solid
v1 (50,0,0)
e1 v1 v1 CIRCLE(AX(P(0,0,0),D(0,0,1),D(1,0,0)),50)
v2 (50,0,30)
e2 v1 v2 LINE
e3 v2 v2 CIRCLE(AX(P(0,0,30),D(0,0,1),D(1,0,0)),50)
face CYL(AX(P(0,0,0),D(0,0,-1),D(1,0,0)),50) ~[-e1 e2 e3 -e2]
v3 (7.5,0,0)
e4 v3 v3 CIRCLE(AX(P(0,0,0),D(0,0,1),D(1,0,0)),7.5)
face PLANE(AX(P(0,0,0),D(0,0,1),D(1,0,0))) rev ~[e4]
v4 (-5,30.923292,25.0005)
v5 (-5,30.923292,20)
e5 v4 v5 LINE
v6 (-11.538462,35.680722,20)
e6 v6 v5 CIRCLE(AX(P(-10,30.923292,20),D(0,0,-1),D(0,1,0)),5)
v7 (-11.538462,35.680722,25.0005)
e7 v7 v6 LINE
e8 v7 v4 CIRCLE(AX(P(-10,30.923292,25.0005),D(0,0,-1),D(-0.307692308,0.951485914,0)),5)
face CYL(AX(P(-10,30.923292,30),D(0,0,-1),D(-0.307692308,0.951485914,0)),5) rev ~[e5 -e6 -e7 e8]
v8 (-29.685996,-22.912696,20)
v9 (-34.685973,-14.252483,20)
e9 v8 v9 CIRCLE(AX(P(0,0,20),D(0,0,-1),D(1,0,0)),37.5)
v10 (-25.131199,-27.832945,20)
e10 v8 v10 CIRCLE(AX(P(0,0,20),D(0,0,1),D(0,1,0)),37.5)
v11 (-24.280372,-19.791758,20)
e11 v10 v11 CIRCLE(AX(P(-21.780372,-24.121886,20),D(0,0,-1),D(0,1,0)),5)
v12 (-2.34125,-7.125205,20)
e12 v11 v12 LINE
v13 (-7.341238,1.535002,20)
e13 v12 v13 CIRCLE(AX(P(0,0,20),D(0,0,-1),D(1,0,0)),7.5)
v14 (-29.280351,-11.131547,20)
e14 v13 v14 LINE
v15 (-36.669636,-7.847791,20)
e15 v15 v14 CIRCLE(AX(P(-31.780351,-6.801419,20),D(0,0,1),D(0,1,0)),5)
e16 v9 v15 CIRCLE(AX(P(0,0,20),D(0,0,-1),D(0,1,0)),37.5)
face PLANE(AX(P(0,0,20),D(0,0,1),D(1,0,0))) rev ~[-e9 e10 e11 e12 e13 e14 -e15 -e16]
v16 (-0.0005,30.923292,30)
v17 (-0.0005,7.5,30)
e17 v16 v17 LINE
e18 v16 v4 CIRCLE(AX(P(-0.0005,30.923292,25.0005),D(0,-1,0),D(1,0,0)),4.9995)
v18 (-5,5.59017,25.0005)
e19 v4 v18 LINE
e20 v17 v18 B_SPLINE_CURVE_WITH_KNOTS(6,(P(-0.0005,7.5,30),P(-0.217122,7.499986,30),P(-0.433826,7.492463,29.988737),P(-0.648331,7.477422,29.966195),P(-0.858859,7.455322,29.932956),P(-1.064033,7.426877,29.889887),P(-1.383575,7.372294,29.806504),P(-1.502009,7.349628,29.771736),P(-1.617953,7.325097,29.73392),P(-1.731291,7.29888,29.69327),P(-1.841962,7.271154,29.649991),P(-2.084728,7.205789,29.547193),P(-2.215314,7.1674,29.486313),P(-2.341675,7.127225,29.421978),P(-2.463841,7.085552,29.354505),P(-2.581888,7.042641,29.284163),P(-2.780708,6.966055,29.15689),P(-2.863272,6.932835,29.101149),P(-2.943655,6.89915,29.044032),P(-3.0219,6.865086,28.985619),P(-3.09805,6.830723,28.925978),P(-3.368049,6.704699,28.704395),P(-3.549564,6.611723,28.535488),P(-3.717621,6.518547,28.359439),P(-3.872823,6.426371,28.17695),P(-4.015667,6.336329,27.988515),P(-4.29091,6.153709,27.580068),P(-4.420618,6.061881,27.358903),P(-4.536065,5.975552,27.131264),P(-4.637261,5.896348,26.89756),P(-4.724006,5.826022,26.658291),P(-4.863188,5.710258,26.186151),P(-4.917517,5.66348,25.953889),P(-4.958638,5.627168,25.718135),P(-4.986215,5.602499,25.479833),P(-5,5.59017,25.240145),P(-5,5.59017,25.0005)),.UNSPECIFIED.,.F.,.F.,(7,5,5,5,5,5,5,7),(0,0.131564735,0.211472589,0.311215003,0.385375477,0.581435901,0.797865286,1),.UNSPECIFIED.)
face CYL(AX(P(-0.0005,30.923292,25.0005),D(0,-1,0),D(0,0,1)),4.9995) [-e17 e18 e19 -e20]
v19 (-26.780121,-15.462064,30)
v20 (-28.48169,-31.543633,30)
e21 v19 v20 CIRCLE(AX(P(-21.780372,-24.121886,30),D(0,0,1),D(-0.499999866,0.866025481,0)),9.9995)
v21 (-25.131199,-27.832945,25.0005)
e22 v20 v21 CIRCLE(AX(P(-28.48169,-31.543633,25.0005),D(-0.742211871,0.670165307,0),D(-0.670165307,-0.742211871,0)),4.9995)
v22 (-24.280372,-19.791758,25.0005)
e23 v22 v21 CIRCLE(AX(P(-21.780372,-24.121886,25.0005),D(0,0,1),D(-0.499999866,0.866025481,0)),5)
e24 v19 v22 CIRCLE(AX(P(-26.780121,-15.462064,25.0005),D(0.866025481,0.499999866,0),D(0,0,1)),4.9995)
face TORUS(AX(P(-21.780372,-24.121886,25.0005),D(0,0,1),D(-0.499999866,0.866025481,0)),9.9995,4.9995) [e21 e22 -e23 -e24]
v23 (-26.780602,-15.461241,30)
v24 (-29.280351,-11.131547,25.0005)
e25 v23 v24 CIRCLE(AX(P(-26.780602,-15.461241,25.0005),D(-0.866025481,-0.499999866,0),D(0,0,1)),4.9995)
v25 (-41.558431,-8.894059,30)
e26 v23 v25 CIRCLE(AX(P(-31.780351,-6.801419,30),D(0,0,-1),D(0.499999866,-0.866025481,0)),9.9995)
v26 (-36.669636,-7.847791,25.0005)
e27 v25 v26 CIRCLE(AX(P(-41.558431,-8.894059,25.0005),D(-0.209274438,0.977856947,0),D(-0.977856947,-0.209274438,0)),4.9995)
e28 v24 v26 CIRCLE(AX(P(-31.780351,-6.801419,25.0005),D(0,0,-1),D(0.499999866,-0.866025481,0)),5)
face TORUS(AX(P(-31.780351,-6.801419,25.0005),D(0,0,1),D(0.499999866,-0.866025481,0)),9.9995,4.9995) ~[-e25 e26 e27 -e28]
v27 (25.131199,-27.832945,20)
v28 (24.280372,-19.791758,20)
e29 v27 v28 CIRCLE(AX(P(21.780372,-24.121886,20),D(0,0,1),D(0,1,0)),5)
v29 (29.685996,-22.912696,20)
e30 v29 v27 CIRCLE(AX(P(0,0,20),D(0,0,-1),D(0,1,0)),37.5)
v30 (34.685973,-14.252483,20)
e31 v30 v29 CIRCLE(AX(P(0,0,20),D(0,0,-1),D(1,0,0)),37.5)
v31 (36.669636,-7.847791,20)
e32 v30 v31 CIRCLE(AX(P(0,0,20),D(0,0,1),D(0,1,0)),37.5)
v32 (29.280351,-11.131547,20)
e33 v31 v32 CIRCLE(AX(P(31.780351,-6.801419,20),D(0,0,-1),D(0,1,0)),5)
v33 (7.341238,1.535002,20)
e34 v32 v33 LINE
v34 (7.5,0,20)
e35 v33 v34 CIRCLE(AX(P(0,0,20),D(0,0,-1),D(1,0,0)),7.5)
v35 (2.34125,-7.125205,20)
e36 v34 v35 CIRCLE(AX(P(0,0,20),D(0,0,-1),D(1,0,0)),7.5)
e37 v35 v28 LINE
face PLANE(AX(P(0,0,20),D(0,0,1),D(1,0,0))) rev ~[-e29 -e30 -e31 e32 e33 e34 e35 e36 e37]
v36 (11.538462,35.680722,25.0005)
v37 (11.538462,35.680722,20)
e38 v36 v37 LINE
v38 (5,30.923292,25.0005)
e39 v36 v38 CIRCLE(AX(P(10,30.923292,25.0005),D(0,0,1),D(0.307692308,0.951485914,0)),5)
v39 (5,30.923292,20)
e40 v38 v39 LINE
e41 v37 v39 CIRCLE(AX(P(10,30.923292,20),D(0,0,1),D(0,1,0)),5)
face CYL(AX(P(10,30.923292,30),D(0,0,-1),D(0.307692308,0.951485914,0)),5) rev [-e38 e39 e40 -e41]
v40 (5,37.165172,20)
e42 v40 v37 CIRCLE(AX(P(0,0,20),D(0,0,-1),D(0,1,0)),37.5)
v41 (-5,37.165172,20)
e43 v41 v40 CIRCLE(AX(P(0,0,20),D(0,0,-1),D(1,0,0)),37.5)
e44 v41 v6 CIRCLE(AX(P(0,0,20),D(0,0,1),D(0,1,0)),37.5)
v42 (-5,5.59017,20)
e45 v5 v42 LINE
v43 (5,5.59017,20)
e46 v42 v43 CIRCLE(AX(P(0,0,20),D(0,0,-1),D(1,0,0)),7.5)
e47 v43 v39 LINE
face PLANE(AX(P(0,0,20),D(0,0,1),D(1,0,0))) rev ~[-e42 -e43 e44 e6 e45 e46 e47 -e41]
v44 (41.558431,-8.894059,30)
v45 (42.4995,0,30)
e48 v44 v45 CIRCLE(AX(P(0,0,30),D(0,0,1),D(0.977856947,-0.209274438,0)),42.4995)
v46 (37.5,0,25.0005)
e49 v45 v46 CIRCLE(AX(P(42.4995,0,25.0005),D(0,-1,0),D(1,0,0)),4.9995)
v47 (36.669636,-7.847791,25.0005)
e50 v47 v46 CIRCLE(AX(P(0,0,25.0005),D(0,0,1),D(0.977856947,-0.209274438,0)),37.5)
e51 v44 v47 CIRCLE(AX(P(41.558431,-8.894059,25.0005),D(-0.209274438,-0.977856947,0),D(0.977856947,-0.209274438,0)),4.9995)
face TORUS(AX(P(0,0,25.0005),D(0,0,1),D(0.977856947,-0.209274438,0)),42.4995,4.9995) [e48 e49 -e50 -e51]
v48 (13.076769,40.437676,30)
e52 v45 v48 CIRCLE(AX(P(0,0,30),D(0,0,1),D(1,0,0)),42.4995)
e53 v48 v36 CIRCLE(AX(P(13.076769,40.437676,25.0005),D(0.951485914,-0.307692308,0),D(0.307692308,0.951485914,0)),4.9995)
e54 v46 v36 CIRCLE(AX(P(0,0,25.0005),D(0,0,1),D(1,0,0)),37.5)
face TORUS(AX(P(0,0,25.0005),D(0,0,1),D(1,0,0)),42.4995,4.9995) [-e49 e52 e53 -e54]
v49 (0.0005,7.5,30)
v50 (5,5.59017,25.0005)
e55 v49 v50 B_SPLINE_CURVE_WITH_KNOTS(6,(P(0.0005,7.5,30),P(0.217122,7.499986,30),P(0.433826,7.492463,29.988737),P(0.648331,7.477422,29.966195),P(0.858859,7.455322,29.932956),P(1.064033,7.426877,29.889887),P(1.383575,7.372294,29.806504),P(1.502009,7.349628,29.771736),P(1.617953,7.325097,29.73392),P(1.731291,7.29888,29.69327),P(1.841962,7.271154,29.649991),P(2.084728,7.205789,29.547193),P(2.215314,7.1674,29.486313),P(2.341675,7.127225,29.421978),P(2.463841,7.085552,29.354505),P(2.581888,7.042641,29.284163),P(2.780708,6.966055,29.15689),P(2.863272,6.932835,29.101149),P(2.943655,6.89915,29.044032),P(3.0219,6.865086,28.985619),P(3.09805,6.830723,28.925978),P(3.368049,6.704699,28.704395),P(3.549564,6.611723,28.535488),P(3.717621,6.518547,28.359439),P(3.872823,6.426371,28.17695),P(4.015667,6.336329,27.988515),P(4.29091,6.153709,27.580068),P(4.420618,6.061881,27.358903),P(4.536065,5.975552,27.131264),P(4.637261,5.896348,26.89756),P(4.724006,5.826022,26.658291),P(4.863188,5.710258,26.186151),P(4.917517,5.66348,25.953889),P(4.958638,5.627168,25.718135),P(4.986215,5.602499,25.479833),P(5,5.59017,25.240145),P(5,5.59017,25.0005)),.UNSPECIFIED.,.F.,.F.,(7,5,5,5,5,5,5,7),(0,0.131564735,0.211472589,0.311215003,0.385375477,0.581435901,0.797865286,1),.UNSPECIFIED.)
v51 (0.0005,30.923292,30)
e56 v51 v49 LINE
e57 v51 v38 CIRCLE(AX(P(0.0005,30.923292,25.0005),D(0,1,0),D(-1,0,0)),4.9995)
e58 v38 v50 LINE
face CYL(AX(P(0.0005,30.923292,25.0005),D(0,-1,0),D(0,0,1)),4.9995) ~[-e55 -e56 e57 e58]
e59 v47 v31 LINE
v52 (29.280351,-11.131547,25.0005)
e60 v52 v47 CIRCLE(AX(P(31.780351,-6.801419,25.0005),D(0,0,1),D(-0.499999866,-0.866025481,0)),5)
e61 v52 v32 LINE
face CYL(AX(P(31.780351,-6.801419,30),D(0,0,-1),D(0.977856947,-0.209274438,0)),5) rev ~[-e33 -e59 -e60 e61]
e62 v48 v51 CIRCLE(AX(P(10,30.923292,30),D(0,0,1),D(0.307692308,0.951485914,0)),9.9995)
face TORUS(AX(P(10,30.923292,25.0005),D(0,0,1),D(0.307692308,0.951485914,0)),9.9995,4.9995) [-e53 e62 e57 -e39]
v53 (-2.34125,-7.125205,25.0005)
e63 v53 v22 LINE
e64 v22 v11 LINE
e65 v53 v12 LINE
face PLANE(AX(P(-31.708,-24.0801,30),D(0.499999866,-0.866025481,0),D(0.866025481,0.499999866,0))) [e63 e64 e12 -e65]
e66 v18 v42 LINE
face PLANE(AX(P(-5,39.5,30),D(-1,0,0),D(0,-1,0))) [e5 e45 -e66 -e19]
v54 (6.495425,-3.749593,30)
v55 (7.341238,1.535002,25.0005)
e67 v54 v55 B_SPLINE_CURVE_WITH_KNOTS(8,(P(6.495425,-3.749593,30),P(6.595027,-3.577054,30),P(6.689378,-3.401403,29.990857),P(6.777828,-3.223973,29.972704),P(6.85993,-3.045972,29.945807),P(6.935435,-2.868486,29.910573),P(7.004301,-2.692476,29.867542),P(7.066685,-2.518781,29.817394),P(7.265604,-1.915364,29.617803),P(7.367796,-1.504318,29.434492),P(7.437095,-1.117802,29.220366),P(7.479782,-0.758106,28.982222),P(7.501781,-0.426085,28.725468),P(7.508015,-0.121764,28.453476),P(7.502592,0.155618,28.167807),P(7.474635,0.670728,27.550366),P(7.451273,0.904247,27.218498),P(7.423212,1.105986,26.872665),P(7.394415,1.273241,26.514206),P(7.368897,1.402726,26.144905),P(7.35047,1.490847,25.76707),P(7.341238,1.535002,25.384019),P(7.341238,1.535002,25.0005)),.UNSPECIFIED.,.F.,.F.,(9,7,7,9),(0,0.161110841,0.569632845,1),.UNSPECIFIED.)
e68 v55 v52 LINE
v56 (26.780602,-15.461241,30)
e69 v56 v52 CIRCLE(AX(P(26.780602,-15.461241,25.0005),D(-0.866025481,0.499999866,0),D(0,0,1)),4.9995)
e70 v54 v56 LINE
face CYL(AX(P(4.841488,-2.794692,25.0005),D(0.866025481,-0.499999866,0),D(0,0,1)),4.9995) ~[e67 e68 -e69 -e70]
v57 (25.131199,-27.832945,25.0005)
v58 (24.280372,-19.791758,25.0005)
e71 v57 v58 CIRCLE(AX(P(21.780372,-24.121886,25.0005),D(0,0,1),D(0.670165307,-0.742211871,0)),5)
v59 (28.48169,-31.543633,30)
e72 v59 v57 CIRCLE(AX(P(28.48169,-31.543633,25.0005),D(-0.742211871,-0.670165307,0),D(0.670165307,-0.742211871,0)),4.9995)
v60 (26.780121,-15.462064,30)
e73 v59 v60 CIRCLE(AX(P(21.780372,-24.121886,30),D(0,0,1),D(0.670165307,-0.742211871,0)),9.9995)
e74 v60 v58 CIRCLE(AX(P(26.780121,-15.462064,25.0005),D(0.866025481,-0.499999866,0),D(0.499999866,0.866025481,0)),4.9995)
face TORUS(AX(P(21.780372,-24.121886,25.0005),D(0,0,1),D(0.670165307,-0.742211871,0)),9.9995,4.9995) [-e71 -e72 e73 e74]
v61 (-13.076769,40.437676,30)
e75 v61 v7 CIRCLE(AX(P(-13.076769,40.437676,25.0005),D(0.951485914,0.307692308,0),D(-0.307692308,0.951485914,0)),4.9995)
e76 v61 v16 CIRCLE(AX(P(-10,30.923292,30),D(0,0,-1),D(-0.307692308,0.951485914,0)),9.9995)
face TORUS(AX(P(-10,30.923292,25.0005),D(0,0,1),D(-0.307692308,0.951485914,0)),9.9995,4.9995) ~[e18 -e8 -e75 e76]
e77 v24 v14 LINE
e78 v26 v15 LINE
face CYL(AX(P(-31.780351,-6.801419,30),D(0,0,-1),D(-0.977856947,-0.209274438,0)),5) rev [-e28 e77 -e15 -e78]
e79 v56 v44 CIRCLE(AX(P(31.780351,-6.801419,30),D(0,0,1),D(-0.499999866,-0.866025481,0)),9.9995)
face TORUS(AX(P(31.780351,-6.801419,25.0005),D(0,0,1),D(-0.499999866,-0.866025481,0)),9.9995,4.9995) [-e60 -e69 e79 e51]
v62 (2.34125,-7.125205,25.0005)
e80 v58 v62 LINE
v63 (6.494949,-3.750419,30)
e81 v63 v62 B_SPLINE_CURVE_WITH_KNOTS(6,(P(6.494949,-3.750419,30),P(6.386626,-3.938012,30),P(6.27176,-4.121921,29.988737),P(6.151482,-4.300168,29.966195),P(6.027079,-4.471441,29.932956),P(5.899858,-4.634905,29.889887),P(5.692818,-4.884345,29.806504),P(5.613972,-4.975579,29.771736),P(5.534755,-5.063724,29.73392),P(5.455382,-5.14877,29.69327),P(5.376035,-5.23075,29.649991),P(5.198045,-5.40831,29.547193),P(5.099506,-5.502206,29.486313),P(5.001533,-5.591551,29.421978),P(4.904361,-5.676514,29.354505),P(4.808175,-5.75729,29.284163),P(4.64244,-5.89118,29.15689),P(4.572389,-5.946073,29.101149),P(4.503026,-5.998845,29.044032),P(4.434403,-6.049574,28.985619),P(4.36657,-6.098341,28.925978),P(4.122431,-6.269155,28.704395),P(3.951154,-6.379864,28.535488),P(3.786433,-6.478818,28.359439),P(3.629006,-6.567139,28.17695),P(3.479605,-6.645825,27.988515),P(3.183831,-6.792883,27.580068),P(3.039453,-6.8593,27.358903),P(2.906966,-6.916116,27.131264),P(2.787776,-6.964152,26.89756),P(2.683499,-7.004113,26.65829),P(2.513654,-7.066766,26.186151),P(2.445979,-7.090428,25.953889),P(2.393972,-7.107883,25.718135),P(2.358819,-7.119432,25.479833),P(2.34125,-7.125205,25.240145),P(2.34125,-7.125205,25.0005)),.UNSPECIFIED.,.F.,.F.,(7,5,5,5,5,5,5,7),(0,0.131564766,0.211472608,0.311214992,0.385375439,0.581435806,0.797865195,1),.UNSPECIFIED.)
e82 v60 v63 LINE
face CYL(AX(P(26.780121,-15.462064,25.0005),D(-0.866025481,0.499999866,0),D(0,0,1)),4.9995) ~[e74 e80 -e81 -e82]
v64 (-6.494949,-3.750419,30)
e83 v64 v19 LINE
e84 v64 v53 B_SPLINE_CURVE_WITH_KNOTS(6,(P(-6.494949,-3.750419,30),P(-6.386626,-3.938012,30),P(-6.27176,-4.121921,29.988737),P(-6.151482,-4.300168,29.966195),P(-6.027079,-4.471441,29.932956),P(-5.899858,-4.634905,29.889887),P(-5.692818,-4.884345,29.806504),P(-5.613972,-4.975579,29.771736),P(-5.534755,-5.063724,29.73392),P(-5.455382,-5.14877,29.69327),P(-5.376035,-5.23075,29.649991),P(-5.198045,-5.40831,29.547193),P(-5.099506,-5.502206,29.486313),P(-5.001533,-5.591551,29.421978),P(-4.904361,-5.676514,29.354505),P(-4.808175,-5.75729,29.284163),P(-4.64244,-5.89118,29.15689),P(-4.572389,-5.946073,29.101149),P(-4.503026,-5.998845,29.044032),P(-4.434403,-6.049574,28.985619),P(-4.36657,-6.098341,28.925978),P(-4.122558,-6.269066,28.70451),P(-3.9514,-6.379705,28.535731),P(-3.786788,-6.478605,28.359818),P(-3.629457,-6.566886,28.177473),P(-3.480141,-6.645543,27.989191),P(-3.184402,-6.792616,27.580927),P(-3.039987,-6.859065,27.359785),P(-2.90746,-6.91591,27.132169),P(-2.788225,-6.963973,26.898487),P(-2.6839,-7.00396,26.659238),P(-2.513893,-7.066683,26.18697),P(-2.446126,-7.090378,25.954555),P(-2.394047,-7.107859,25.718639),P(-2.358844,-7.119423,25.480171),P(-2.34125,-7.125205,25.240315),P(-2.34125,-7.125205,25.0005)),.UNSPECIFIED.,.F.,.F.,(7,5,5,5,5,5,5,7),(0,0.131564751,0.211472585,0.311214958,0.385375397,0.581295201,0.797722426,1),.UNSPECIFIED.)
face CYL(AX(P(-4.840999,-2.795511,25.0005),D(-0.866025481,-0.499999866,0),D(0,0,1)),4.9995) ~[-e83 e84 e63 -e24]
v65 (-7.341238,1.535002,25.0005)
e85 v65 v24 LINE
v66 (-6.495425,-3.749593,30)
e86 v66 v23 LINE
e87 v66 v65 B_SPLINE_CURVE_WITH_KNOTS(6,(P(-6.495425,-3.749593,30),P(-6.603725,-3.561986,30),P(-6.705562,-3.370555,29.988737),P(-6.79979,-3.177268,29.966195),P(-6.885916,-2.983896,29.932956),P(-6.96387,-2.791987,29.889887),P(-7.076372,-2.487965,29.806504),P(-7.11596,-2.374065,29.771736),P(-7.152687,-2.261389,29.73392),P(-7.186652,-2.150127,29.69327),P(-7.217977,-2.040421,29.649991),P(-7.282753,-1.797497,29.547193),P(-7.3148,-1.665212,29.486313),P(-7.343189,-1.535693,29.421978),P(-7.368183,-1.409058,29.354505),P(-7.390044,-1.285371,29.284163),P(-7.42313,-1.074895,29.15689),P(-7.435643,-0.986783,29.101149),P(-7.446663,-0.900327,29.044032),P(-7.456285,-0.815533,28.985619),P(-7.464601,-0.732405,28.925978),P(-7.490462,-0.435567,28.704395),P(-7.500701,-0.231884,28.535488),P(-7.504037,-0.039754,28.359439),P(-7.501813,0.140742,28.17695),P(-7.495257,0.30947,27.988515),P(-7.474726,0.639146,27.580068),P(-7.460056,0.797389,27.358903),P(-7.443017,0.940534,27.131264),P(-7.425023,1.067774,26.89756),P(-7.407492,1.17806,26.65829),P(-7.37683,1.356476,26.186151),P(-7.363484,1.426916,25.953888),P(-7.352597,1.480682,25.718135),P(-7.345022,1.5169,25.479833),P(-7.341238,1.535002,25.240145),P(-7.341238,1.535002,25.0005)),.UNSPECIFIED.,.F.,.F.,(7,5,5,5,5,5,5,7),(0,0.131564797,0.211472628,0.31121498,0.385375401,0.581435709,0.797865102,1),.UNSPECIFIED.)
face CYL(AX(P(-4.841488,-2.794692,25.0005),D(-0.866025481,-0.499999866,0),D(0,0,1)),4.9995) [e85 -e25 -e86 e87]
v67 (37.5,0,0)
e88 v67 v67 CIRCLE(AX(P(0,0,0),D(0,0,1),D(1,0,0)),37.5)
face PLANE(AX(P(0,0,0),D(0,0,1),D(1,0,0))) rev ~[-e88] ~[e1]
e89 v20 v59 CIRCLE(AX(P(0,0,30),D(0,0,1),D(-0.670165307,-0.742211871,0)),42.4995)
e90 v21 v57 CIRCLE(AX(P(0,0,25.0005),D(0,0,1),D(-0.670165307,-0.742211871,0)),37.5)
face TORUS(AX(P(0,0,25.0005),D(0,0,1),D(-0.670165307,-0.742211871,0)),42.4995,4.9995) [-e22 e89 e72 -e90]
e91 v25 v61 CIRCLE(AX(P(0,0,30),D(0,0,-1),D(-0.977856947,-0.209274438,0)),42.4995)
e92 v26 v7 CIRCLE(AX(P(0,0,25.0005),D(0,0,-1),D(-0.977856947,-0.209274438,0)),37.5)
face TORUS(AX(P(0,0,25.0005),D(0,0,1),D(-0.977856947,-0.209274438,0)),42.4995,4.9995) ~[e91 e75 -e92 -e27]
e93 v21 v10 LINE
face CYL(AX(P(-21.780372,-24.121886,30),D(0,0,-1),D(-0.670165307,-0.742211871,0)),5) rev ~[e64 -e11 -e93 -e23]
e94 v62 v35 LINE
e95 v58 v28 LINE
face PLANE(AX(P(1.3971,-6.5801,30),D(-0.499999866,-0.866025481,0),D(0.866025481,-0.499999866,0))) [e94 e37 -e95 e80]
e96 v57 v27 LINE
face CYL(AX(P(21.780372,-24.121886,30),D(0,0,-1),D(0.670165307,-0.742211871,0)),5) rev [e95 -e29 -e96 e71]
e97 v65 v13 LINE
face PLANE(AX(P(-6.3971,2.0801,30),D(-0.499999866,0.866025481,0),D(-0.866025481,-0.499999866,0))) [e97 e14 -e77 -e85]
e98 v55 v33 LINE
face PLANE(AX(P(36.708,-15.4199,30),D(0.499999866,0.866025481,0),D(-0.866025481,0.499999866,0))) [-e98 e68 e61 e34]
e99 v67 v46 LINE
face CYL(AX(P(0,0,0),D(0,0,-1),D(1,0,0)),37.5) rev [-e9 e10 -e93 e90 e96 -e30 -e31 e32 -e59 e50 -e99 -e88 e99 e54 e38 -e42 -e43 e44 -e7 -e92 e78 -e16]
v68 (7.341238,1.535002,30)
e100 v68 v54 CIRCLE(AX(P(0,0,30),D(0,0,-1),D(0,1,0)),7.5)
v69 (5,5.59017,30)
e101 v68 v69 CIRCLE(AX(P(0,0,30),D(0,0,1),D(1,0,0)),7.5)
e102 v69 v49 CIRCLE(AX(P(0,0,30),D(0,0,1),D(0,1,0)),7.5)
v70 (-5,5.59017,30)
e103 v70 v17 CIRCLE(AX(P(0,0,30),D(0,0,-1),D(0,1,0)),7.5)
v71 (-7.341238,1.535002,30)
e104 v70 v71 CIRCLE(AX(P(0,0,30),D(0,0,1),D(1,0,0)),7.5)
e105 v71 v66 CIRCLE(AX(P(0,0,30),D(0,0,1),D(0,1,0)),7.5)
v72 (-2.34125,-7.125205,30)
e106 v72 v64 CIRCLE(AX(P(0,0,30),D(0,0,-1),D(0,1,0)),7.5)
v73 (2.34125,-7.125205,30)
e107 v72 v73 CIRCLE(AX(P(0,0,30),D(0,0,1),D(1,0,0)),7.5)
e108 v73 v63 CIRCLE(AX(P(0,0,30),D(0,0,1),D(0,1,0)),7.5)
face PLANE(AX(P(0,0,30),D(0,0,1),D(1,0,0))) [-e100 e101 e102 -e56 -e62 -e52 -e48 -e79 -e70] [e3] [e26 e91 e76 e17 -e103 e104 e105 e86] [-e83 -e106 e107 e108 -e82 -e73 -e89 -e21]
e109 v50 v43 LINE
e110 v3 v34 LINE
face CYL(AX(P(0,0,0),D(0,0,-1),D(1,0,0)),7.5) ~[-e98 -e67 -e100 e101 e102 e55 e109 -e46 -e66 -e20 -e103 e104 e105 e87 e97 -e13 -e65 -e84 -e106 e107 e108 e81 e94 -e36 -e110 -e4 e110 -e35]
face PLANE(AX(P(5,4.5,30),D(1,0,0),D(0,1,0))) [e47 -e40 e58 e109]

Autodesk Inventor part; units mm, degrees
ref_plane "YZ Plane" through (0, 0, 0) normal (1, 0, 0) x (0, 1, 0)
ref_plane "XZ Plane" through (0, 0, 0) normal (0, 1, 0) x (-1, 0, 0)
ref_plane "XY Plane" through (0, 0, 0) normal (0, 0, 1) x (1, 0, 0)
sketch "Schizzo1" plane through (0, 0, 0) normal (0, 0, 1) x (1, 0, 0)
  circle A0 centre (0, 0) radius 50
  circle A1 centre (0, 0) radius 37.5
  circle A2 centre (0, 0) radius 7.5
  dimension "d0" = 100
  dimension "d1" = 75
  dimension "d2" = 15
extrude "Estrusione1" add sketch "Schizzo1" along normal blind 30
sketch "Schizzo2" plane through (0, 0, 30) normal (0, 0, 1) x (1, 0, 0)
  line L0 (-5, 39.5) -> (-5, 4.5)
  line L1 (-5, 4.5) -> (5, 4.5)
  line L2 (5, 4.5) -> (5, 39.5)
  line L3 (5, 39.5) -> (-5, 39.5)
  line L4 (-5, 39.5) -> (5, 4.5) construction
  line L5 (-5, 4.5) -> (5, 39.5) construction
  line L6 (-31.708, -24.0801) -> (-1.3971, -6.5801)
  line L7 (-1.3971, -6.5801) -> (-6.3971, 2.0801)
  line L8 (-6.3971, 2.0801) -> (-36.708, -15.4199)
  line L9 (-36.708, -15.4199) -> (-31.708, -24.0801)
  line L10 (-31.708, -24.0801) -> (-6.3971, 2.0801) construction
  line L11 (-1.3971, -6.5801) -> (-36.708, -15.4199) construction
  line L12 (36.708, -15.4199) -> (6.3971, 2.0801)
  line L13 (6.3971, 2.0801) -> (1.3971, -6.5801)
  line L14 (1.3971, -6.5801) -> (31.708, -24.0801)
  line L15 (31.708, -24.0801) -> (36.708, -15.4199)
  line L16 (36.708, -15.4199) -> (1.3971, -6.5801) construction
  line L17 (6.3971, 2.0801) -> (31.708, -24.0801) construction
  point P0 (0, 0)
  point P1 (0, 22)
  point P2 (-19.0526, -11)
  point P3 (19.0526, -11)
  dimension "d5" = 22
  dimension "d6" = 0
  dimension "d7" = 10
  dimension "d8" = 35
  dimension "d11" = 360
extrude "Estrusione2" add sketch "Schizzo2" against normal blind 10
fillet "Raccordo1" radius 5 6 edges at (-34.686, -14.2525, 25) (5, 37.1652, 25) (34.686, -14.2525, 25) (-5, 37.1652, 25) (29.686, -22.9127, 25) (-29.686, -22.9127, 25)
fillet "Raccordo2" radius 5 10 edges at (0, -37.5, 30) (13.3108, -13.4585, 30) (-13.3108, -13.4585, 30) (-5, 18.2567, 30) (-18.3108, -4.7982, 30) (-32.476, 18.75, 30) (30.3228, 22.0631, 30) (37.2918, -3.9458, 30) (18.3108, -4.7982, 30) (5, 18.2567, 30)
properties part number "wheel"
